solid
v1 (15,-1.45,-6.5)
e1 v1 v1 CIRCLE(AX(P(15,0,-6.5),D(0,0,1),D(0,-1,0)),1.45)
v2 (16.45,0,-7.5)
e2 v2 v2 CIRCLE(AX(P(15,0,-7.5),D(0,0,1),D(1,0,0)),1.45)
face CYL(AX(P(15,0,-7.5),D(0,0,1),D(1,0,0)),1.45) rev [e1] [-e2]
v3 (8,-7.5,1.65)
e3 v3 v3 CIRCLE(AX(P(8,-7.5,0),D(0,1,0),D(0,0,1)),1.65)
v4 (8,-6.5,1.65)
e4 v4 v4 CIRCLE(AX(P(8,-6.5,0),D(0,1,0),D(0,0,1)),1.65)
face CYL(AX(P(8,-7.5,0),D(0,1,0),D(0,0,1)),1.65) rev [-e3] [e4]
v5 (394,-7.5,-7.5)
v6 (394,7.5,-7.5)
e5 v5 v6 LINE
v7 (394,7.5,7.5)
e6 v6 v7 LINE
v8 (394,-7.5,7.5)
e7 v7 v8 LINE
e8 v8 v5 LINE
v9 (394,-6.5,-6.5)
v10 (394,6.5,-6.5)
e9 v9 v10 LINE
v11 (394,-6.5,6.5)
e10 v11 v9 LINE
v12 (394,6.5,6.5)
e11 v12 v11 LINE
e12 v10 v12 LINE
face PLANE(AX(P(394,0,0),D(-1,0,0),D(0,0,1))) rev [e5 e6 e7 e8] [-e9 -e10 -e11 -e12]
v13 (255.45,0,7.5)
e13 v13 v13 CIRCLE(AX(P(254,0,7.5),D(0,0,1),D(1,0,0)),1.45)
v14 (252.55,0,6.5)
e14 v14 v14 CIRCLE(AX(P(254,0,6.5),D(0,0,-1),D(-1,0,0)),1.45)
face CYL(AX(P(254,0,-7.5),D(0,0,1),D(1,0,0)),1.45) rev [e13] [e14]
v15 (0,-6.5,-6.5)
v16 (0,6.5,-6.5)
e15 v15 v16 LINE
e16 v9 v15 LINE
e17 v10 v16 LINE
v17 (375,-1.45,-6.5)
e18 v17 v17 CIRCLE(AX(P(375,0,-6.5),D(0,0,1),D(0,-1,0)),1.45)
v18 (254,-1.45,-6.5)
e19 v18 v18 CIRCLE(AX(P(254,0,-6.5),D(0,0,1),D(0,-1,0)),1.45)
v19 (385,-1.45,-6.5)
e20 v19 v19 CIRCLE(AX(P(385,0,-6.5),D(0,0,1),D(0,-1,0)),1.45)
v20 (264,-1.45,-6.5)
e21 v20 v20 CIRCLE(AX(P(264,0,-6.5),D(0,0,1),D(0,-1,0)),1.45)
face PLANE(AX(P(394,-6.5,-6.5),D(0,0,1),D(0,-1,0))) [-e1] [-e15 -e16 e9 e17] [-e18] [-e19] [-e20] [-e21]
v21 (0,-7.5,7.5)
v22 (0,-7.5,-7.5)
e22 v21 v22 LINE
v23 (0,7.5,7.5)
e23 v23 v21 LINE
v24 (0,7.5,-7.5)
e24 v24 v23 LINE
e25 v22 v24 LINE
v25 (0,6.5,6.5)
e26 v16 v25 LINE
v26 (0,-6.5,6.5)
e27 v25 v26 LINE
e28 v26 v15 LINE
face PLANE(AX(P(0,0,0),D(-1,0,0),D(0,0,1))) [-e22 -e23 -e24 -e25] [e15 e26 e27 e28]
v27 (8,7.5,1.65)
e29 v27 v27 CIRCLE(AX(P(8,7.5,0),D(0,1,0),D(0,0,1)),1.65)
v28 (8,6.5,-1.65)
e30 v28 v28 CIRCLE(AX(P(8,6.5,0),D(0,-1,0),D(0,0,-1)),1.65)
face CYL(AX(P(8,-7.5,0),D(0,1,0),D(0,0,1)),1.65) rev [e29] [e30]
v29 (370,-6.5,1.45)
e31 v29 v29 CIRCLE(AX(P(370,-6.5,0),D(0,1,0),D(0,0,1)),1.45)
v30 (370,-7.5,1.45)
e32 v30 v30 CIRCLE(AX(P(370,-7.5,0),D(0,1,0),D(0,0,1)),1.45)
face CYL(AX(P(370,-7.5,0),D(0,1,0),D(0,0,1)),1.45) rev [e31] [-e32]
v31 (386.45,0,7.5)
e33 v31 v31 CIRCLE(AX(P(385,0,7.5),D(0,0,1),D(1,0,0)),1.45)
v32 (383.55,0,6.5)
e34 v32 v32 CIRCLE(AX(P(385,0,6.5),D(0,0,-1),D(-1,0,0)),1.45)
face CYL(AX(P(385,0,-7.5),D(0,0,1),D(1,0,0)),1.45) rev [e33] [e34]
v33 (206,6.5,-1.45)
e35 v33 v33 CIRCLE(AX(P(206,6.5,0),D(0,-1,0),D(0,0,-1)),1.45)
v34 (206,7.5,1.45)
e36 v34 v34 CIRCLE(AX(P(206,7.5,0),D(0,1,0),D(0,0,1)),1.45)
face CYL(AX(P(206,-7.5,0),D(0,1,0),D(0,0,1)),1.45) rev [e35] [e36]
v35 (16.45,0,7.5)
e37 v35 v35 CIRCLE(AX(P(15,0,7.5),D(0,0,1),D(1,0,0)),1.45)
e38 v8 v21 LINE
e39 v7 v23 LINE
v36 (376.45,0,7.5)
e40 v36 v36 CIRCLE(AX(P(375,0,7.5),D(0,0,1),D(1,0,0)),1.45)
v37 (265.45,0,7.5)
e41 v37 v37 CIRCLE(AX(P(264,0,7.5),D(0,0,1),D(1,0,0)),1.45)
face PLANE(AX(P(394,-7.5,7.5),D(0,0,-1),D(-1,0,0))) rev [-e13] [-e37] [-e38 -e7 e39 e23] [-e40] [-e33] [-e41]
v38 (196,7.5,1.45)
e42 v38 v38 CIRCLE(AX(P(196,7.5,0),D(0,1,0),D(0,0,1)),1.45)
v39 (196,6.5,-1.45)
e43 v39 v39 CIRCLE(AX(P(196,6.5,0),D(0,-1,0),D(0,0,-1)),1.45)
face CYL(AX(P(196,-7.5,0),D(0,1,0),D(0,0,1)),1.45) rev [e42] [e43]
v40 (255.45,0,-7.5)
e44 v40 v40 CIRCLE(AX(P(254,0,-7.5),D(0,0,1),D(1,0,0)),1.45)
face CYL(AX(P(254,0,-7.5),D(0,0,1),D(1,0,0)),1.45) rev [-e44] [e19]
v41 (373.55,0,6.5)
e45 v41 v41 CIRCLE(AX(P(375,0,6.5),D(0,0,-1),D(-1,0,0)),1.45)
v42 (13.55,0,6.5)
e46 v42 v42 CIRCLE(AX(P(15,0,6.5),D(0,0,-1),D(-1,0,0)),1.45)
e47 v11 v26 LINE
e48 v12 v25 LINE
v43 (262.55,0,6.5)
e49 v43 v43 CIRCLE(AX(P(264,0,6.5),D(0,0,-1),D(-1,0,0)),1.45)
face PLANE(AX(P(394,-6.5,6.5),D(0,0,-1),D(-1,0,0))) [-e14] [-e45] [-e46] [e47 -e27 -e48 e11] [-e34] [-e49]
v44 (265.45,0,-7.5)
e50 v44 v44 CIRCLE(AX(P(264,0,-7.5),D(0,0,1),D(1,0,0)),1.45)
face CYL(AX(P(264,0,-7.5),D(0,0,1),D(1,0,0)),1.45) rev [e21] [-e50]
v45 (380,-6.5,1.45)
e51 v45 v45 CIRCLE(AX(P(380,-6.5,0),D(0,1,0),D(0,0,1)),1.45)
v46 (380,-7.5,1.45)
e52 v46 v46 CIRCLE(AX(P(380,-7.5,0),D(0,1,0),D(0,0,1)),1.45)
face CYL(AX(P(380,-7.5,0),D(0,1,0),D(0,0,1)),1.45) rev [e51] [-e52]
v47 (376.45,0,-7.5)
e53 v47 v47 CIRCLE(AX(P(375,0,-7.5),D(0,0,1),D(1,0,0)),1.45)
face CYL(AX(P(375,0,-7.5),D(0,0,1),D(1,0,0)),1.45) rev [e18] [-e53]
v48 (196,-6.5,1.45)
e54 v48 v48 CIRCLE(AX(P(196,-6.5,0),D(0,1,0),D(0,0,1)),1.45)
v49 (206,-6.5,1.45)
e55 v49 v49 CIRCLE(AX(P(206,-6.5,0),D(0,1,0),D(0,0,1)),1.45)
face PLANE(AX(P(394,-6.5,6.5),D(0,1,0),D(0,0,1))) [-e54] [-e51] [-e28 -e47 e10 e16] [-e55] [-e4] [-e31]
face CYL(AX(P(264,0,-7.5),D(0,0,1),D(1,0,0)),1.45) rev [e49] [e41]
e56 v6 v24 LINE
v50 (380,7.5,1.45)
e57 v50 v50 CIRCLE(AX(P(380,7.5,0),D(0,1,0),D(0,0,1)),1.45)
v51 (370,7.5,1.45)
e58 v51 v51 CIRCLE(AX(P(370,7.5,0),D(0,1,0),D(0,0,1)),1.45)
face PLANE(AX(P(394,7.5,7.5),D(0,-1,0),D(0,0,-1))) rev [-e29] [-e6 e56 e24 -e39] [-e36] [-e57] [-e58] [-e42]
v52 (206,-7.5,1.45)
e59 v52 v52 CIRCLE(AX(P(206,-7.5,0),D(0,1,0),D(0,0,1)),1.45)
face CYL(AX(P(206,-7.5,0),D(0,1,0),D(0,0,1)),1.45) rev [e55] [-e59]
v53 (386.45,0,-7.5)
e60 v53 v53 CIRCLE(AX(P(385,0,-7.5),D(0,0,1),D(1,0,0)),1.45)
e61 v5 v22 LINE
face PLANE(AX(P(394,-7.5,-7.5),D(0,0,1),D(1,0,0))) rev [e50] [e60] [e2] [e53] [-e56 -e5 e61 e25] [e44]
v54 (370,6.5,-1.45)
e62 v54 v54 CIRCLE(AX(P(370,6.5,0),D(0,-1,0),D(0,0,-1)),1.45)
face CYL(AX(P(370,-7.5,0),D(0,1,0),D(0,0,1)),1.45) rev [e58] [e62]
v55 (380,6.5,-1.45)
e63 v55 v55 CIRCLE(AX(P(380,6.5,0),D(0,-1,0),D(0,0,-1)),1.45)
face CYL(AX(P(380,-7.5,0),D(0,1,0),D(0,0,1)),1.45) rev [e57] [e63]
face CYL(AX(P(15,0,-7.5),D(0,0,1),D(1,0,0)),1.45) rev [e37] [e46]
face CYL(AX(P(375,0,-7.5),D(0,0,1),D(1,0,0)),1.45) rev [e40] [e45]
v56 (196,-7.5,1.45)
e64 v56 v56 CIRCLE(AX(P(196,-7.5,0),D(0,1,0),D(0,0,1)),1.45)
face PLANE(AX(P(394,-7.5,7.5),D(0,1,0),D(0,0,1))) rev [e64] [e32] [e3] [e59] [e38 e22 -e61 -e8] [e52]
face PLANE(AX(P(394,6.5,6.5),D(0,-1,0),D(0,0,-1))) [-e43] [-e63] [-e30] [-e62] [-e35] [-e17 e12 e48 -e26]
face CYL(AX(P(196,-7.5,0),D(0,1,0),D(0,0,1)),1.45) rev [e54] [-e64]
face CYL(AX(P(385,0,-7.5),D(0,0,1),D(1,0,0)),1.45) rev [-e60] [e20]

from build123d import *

# Parameters (mm, degrees)
SKETCH_1_W          = 15
SKETCH_1_H          = 15
SKETCH_1_W_2        = 13
SKETCH_1_H_2        = 13
EXTRUDE_1_DEPTH     = 394
SKETCH_2_R          = 1.45
SKETCH_2_R_2        = 1.65
CUT_EXTRUDE_1_DEPTH = 395.356754729
SKETCH_3_R          = 1.45
CUT_EXTRUDE_2_DEPTH = 395.356754729


with BuildPart() as part:
    # 草图1 → 凸台-拉伸1 (new body)
    with BuildSketch(Plane(origin=(0, 0, 0), x_dir=(0, 0, -1), z_dir=(1, 0, 0))):
        Rectangle(SKETCH_1_W, SKETCH_1_H)
        Rectangle(SKETCH_1_W_2, SKETCH_1_H_2, mode=Mode.SUBTRACT)
    extrude(amount=EXTRUDE_1_DEPTH)

    # 草图2 → 切除-拉伸1 (cut, through all)
    with BuildSketch(Plane(origin=(0, 7.5, 0), x_dir=(1, 0, 0), z_dir=(0, 1, 0))):
        with Locations(Location((380, 0, 0), (0, 0, 270))):
            Circle(SKETCH_2_R)
        with Locations(Location((370, 0, 0), (0, 0, 270))):
            Circle(SKETCH_2_R)
        with Locations(Location((196, 0, 0), (0, 0, 270))):
            Circle(SKETCH_2_R)
        with Locations(Location((206, 0, 0), (0, 0, 270))):
            Circle(SKETCH_2_R)
        with Locations(Location((8, 0, 0), (0, 0, 270))):
            Circle(SKETCH_2_R_2)
    extrude(amount=-CUT_EXTRUDE_1_DEPTH, mode=Mode.SUBTRACT)

    # 草图3 → 切除-拉伸2 (cut, through all)
    with BuildSketch(Plane.XY.offset(7.5)):
        with Locations((375, 0)):
            Circle(SKETCH_3_R)
        with Locations((385, 0)):
            Circle(SKETCH_3_R)
        with Locations((264, 0)):
            Circle(SKETCH_3_R)
        with Locations((254, 0)):
            Circle(SKETCH_3_R)
        with Locations((15, 0)):
            Circle(SKETCH_3_R)
    extrude(amount=-CUT_EXTRUDE_2_DEPTH, mode=Mode.SUBTRACT)


solid = part.part
